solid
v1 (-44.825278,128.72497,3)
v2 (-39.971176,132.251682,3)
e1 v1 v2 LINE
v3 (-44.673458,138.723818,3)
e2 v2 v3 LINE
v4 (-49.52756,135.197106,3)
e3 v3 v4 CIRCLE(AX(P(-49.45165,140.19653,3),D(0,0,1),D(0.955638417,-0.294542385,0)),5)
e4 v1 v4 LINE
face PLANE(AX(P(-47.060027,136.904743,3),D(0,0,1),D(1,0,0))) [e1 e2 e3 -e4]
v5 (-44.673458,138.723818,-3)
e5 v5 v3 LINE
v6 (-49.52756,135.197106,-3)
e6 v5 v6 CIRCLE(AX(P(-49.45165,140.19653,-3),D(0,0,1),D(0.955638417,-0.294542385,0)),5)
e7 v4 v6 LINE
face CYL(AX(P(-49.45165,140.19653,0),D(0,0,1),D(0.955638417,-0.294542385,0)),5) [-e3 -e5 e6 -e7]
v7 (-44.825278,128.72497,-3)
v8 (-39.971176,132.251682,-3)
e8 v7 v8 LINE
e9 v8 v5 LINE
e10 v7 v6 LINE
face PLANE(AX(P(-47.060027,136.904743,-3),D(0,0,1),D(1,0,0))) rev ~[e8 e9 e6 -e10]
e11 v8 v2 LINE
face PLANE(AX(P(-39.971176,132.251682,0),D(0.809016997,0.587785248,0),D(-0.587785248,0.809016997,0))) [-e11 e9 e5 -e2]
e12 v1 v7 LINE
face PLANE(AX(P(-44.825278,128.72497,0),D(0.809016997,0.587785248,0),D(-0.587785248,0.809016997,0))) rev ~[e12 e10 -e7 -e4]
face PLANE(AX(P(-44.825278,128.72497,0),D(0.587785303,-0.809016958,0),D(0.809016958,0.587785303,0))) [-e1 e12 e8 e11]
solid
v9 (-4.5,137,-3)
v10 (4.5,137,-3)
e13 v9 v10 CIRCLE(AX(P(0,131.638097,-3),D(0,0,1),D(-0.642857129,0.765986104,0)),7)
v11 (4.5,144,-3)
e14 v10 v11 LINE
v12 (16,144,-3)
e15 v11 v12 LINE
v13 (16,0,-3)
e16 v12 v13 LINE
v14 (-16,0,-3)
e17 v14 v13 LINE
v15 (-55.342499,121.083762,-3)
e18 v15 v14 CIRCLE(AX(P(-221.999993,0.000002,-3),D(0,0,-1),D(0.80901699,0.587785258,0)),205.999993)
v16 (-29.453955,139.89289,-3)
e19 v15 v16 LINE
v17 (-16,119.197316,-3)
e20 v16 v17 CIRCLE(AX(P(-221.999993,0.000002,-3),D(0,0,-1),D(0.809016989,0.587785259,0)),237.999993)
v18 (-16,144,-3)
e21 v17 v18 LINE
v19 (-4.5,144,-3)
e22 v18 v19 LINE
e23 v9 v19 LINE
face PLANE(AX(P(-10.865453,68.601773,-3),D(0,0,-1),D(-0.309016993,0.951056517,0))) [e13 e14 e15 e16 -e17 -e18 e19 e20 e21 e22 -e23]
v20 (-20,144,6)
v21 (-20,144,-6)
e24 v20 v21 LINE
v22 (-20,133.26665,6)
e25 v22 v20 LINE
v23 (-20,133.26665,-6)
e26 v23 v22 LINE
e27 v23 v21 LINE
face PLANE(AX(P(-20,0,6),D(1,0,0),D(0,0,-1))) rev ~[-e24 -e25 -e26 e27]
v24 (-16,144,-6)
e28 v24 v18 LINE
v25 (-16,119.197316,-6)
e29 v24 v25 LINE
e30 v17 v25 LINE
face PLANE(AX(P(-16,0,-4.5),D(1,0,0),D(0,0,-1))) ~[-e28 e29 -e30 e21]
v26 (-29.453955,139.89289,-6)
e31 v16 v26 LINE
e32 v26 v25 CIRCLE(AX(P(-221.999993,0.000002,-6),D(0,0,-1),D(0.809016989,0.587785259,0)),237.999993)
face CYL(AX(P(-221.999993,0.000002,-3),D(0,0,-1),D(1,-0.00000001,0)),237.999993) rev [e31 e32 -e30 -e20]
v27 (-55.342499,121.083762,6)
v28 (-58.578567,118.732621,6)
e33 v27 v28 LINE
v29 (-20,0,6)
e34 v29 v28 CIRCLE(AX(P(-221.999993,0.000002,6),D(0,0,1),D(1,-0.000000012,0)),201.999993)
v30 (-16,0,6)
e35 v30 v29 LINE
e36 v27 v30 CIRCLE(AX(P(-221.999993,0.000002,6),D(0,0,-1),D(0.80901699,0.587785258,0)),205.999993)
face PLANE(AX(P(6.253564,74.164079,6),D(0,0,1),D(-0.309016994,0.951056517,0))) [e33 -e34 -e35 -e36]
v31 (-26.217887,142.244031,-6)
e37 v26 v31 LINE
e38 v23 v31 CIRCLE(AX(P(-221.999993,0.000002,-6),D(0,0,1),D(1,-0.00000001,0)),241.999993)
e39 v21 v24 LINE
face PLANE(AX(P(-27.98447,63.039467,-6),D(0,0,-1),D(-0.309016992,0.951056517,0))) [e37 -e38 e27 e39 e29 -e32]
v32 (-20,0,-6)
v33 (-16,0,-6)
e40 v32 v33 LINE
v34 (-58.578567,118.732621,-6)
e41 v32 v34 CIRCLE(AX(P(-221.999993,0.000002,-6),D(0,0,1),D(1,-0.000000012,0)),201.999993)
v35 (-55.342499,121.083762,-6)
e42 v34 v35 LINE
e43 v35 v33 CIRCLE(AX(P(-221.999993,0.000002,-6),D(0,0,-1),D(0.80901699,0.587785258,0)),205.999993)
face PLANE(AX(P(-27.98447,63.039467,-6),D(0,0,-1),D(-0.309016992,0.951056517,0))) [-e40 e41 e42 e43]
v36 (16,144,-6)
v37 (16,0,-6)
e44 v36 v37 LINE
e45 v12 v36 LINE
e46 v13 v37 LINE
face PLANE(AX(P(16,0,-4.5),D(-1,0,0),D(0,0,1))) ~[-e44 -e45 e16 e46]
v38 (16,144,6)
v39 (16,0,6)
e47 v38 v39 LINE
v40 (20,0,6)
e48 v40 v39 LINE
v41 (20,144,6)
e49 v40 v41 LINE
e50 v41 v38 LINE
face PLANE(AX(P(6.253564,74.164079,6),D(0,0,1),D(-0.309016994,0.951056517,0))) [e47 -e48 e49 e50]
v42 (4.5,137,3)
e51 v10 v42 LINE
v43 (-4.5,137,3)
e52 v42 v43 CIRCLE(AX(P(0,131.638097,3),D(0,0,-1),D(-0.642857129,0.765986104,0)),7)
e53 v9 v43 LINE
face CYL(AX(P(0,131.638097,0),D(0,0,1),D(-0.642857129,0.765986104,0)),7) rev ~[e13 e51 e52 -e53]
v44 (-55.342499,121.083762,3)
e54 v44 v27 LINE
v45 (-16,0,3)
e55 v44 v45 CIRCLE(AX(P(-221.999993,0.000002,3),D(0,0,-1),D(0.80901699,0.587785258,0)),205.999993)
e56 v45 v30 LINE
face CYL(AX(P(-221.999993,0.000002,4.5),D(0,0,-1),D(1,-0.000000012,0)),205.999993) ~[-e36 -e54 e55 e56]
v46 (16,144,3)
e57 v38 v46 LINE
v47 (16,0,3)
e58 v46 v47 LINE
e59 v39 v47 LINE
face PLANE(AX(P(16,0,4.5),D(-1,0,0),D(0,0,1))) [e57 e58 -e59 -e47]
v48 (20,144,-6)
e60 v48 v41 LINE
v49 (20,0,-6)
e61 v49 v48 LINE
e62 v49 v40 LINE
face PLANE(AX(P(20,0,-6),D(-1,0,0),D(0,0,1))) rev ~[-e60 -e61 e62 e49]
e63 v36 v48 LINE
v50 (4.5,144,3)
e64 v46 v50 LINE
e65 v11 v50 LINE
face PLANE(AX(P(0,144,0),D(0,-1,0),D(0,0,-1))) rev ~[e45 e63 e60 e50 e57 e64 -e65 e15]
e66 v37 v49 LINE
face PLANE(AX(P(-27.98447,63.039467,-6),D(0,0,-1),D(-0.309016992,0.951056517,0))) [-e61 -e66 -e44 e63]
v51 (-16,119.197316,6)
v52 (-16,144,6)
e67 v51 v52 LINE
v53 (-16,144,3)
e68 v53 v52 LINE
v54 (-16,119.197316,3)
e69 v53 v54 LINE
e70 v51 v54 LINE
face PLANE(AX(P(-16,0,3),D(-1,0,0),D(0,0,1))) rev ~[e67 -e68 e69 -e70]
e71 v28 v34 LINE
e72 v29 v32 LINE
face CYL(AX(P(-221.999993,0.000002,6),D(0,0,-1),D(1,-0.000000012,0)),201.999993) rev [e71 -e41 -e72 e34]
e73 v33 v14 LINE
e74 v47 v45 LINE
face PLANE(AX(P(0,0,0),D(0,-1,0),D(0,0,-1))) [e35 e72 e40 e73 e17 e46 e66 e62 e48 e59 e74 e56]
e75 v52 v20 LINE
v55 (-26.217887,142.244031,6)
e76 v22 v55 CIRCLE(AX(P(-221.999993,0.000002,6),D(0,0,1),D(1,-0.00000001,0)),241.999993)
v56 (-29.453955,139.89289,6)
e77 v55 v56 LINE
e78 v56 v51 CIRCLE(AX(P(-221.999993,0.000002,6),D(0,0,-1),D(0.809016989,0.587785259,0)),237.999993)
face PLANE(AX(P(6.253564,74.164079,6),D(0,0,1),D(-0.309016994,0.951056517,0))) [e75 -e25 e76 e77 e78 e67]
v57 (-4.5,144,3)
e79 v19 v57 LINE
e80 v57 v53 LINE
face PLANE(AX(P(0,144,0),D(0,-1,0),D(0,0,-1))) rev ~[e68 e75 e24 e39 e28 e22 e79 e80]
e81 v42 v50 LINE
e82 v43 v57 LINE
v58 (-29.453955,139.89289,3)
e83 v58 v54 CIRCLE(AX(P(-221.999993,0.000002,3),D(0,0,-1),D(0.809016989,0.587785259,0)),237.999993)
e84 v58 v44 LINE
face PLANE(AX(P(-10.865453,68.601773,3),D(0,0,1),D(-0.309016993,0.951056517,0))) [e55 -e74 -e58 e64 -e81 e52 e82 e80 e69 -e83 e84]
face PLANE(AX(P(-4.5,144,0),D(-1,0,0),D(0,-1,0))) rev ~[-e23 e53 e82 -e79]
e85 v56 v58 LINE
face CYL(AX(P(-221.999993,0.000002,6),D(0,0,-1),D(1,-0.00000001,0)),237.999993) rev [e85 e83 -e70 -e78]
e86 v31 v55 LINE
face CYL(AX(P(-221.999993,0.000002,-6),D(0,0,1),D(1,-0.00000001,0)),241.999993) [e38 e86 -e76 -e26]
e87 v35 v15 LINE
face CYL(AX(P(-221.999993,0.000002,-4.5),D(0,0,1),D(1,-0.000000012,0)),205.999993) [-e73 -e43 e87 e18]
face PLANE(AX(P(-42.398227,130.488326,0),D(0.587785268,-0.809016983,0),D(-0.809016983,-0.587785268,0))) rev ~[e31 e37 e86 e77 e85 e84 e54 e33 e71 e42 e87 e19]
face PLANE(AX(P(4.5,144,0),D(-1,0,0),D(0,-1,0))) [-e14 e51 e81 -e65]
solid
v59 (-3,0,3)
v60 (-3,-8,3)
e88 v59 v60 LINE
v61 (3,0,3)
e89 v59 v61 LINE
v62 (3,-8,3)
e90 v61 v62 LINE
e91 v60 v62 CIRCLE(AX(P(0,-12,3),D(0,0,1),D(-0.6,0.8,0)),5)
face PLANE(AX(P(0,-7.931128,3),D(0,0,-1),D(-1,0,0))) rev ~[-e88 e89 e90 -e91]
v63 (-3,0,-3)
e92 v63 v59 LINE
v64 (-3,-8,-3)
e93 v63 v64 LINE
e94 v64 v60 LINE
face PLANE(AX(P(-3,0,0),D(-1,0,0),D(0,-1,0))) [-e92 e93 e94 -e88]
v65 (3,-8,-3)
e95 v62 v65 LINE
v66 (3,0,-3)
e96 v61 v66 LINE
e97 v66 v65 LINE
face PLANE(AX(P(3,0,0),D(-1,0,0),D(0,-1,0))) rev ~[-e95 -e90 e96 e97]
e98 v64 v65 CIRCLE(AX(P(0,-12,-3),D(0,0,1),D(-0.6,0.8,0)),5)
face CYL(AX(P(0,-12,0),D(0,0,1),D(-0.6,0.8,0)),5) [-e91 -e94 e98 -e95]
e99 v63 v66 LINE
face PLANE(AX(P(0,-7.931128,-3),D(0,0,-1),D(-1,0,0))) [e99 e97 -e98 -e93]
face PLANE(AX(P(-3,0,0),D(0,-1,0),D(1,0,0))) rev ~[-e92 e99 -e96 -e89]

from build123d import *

# Parameters (mm, degrees)
SKETCH013_W       = 32
SKETCH013_H       = 3
POCKET_DEPTH      = 6.001
POCKET_DEPTH_BACK = -6.001
PAD_DEPTH         = 3
PAD002_DEPTH      = 3


with BuildPart() as body:
    # AdditivePipe: sweep along a path in Sketch002
    with BuildLine(Plane.XY) as additivepipe_path:
        ThreePointArc((0, 0), (-10.865453, 68.601773), (-42.398227, 130.488326))
    # Sketch → AdditivePipe (sweep)
    with BuildSketch(Plane.XZ):
        Polygon((-20, 6), (-20, -6), (-16, -6), (-16, -3), (-9, -3), (9, -3), (16, -3), (16, -6), (20, -6), (20, 6), (16, 6), (16, 3), (9, 3), (-9, 3), (-16, 3), (-16, 6), align=None)
    sweep(path=additivepipe_path.line)

    # AdditivePipe001: sweep along a path in Sketch001
    with BuildLine(Plane.XY) as additivepipe001_path:
        Line((0, 0), (0, 144))
    # Sketch → AdditivePipe001 (sweep)
    with BuildSketch(Plane.XZ):
        Polygon((-20, 6), (-20, -6), (-16, -6), (-16, -3), (-9, -3), (9, -3), (16, -3), (16, -6), (20, -6), (20, 6), (16, 6), (16, 3), (9, 3), (-9, 3), (-16, 3), (-16, 6), align=None)
    sweep(path=additivepipe001_path.line)

    # SubtractivePipe: sweep along a path in Sketch002
    with BuildLine(Plane.XY) as subtractivepipe_path:
        ThreePointArc((0, 0), (-10.865453, 68.601773), (-42.398227, 130.488326))
    # Sketch013 (on Face1 of AdditivePipe001) → SubtractivePipe (sweep, cut)
    with BuildSketch(Plane.XZ):
        with Locations((0, 4.5)):
            Rectangle(SKETCH013_W, SKETCH013_H)
    subtractivepipe = sweep(path=subtractivepipe_path.line, mode=Mode.SUBTRACT)

    # SubtractivePipe001: sweep along a path in Sketch001
    with BuildLine(Plane.XY) as subtractivepipe001_path:
        Line((0, 0), (0, 144))
    # Sketch013 (on Face1 of AdditivePipe001) → SubtractivePipe001 (sweep, cut)
    with BuildSketch(Plane.XZ):
        with Locations((0, 4.5)):
            Rectangle(SKETCH013_W, SKETCH013_H)
    subtractivepipe001 = sweep(path=subtractivepipe001_path.line, mode=Mode.SUBTRACT)

    # Mirrored: SubtractivePipe across XY
    add(subtractivepipe.mirror(Plane.XY), mode=Mode.SUBTRACT)

    # Mirrored001: SubtractivePipe001 across XY
    add(subtractivepipe001.mirror(Plane.XY), mode=Mode.SUBTRACT)

    # Sketch016 → Pocket (cut, two sides)
    with BuildSketch(Plane.XY) as pocket_sk:
        with BuildLine():
            Line((-4.5, 144), (4.5, 144))
            Line((4.5, 144), (4.5, 137))
            ThreePointArc((-4.5, 137), (0, 124.638097), (4.5, 137))
            Line((-4.5, 144), (-4.5, 137))
        make_face()
    extrude(amount=-POCKET_DEPTH, mode=Mode.SUBTRACT)
    extrude(pocket_sk.sketch, amount=-POCKET_DEPTH_BACK, mode=Mode.SUBTRACT)


with BuildPart() as body001:
    # Sketch008 → Pad (new body, symmetric)
    with BuildSketch(Plane.XY):
        with BuildLine():
            Line((-3, 0), (3, 0))
            Line((3, 0), (3, -8))
            ThreePointArc((-3, -8), (0, -17), (3, -8))
            Line((-3, 0), (-3, -8))
        make_face()
    extrude(amount=PAD_DEPTH, both=True)


with BuildPart() as body003:
    # Sketch012 → Pad002 (new body, symmetric)
    with BuildSketch(Plane.XY):
        with BuildLine():
            Line((-44.825278, 128.72497), (-39.971176, 132.251682))
            Line((-39.971176, 132.251682), (-44.673458, 138.723818))
            ThreePointArc((-44.673458, 138.723818), (-52.390577, 144.241615), (-49.52756, 135.197106))
            Line((-44.825278, 128.72497), (-49.52756, 135.197106))
        make_face()
    extrude(amount=PAD002_DEPTH, both=True)


solid = Compound([body.part, body001.part, body003.part])
